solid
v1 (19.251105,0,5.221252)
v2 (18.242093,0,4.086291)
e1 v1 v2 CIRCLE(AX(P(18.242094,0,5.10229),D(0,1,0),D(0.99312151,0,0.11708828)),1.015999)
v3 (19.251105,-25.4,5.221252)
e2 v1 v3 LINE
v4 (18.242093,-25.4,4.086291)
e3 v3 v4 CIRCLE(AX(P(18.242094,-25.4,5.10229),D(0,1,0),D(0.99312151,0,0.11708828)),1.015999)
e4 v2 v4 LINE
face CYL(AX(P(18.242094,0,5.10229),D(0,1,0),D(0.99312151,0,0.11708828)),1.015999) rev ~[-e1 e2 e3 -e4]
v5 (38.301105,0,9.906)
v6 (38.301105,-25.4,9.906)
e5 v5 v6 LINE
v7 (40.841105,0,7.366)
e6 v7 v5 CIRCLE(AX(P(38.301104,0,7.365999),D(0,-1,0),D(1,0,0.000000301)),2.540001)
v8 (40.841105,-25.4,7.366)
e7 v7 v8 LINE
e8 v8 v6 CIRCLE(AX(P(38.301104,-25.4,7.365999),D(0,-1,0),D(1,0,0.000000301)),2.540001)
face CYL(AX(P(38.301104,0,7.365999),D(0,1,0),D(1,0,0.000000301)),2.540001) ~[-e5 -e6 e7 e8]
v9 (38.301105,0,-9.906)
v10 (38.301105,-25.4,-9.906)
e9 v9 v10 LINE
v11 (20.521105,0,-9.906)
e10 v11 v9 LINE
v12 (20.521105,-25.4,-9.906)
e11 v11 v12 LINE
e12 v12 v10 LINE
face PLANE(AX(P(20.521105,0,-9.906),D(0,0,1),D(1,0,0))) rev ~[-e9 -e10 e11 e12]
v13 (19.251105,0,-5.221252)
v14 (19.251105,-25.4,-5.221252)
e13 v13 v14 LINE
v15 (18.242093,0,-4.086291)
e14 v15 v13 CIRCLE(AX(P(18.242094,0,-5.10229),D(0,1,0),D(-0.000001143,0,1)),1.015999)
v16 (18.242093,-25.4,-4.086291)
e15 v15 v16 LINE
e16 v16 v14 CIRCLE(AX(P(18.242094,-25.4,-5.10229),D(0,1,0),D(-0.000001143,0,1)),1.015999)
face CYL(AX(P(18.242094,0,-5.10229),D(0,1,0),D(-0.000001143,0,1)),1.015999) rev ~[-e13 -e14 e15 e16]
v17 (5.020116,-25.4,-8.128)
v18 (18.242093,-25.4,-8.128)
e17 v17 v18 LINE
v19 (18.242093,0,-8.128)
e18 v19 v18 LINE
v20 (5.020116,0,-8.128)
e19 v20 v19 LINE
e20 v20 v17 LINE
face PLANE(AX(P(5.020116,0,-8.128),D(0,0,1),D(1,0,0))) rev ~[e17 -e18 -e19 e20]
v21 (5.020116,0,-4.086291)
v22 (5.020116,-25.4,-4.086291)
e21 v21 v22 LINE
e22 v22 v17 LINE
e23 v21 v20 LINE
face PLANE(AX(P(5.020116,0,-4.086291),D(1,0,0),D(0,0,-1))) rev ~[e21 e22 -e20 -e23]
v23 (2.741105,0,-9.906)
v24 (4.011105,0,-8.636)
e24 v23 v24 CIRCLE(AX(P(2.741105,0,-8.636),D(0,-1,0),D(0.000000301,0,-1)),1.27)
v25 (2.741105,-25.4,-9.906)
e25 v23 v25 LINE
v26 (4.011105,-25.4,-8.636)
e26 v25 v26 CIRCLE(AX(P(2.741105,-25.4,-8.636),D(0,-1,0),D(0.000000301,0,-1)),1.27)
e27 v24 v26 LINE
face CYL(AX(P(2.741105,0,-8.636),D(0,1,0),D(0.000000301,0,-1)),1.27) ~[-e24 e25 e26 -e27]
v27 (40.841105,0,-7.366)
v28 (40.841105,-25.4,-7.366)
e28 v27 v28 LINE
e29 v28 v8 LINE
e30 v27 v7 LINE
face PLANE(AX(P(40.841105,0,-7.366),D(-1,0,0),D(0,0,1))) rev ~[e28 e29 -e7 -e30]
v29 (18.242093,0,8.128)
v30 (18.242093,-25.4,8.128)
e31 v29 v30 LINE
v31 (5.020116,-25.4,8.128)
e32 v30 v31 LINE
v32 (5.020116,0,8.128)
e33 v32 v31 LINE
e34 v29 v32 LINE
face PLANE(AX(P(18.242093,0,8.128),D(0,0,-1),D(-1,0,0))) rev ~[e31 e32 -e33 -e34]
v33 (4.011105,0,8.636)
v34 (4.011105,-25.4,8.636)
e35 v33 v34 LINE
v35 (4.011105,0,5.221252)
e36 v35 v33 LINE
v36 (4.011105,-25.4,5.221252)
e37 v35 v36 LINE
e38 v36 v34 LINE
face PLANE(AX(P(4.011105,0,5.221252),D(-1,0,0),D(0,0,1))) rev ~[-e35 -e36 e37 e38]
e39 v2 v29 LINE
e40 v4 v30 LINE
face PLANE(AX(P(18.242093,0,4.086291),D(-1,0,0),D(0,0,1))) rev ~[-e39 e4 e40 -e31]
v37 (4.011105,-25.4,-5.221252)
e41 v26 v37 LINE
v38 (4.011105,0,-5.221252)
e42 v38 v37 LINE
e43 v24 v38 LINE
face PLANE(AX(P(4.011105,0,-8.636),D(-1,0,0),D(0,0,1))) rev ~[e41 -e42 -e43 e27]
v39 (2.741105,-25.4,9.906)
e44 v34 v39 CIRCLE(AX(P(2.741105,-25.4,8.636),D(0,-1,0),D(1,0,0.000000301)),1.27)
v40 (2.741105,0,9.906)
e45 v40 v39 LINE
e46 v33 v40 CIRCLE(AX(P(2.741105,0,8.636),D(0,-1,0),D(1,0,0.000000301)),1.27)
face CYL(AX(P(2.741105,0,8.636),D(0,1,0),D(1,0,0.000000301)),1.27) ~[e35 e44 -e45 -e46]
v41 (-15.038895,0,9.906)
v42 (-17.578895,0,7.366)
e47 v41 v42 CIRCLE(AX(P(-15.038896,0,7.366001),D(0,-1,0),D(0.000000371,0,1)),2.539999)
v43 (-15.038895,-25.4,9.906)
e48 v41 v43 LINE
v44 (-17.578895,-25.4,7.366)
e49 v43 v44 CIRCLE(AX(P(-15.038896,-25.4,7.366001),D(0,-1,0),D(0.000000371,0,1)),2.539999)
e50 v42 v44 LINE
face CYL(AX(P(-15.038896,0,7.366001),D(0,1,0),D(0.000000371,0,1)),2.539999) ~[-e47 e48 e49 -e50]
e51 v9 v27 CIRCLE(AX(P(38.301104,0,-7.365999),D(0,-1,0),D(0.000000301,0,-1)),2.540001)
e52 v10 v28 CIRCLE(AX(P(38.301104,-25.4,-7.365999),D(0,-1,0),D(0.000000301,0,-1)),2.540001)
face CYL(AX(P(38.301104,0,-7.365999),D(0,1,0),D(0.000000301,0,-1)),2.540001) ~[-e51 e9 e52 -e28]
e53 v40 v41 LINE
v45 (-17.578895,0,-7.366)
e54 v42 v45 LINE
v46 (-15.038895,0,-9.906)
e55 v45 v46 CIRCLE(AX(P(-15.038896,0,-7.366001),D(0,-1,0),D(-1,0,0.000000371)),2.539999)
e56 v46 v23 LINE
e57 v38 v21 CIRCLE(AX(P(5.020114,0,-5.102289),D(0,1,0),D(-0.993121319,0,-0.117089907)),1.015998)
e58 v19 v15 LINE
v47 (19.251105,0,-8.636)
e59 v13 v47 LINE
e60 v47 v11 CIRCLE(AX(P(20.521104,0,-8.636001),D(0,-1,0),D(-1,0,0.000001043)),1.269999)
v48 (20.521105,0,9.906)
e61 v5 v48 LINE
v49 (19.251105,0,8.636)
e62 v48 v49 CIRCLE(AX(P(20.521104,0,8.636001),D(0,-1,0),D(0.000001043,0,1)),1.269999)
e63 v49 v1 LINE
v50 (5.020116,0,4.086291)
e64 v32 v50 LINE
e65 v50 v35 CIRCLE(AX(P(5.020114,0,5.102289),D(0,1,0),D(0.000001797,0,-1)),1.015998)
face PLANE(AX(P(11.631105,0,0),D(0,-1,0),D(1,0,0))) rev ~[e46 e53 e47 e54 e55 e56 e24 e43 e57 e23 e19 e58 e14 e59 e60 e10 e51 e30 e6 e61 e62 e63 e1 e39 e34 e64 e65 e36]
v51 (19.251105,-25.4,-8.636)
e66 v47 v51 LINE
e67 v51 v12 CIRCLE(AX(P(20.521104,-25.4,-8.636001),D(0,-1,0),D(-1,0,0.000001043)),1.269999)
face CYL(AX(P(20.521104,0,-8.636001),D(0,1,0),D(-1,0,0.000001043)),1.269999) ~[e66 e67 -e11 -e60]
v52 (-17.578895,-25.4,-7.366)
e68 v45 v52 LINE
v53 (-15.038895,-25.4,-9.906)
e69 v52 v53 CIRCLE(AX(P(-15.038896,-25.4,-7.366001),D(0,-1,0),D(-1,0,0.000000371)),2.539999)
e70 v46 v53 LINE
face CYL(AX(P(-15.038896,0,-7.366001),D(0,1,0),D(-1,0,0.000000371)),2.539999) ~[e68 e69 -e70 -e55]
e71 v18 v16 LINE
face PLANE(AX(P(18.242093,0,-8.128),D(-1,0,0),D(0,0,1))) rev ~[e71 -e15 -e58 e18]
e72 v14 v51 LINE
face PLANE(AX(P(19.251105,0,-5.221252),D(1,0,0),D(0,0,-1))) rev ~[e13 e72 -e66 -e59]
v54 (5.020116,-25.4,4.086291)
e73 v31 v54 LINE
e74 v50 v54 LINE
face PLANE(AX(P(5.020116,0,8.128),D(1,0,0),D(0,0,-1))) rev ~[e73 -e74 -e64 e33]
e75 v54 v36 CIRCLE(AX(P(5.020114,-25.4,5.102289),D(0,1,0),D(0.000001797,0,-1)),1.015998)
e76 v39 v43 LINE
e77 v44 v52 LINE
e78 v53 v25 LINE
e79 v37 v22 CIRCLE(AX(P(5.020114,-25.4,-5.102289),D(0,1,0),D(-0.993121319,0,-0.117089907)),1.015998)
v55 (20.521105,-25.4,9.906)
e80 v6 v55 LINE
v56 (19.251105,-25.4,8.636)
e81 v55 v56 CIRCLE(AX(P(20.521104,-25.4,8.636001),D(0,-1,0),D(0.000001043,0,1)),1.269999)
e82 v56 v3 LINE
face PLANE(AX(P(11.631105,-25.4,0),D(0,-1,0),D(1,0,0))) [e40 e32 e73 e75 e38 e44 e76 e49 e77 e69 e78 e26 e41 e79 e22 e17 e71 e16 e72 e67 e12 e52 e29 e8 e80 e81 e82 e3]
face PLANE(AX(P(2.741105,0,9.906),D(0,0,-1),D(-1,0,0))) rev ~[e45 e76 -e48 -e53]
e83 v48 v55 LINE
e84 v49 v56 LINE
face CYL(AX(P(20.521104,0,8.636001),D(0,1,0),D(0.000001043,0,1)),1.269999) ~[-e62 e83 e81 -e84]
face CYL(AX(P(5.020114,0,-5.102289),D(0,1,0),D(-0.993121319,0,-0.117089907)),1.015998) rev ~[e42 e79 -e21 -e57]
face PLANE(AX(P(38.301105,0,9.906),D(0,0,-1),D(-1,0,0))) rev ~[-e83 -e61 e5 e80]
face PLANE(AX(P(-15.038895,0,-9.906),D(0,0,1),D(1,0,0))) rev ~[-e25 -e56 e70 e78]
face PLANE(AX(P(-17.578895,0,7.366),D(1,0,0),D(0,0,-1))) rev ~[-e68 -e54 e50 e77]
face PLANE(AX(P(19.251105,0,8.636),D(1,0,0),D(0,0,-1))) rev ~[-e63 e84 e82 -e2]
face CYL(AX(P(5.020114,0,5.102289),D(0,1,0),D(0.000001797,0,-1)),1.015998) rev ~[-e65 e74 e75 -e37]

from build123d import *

# Parameters (mm, degrees)
F1_DEPTH = 25.4


with BuildPart() as f1:
    # F0 (on Front) → F1 (new body)
    with BuildSketch(Plane.XZ):
        with BuildLine():
            Line((-17.578895, 7.366), (-17.578895, 0))
            Line((-17.578895, 0), (-17.578895, -7.366))
            ThreePointArc((-17.578895, -7.366), (-16.834947, -9.162051), (-15.038895, -9.906))
            Line((-15.038895, -9.906), (2.741105, -9.906))
            ThreePointArc((2.741105, -9.906), (3.63913, -9.534026), (4.011105, -8.636))
            Line((4.011105, -8.636), (4.011105, -5.221252))
            ThreePointArc((4.011105, -5.221252), (4.2608, -4.427238), (5.020116, -4.086291))
            Line((5.020116, -4.086291), (5.020116, -8.128))
            Line((5.020116, -8.128), (11.631105, -8.128))
            Line((11.631105, -8.128), (18.242093, -8.128))
            Line((18.242093, -8.128), (18.242093, -4.086291))
            ThreePointArc((18.242093, -4.086291), (19.001409, -4.427238), (19.251105, -5.221252))
            Line((19.251105, -5.221252), (19.251105, -8.636))
            ThreePointArc((19.251105, -8.636), (19.623079, -9.534026), (20.521105, -9.906))
            Line((20.521105, -9.906), (38.301105, -9.906))
            ThreePointArc((38.301105, -9.906), (40.097156, -9.162051), (40.841105, -7.366))
            Line((40.841105, -7.366), (40.841105, 0))
            Line((40.841105, 0), (40.841105, 7.366))
            ThreePointArc((40.841105, 7.366), (40.097156, 9.162051), (38.301105, 9.906))
            Line((38.301105, 9.906), (20.521105, 9.906))
            ThreePointArc((20.521105, 9.906), (19.623079, 9.534026), (19.251105, 8.636))
            Line((19.251105, 8.636), (19.251105, 5.221252))
            ThreePointArc((19.251105, 5.221252), (19.001409, 4.427238), (18.242093, 4.086291))
            Line((18.242093, 4.086291), (18.242093, 8.128))
            Line((18.242093, 8.128), (11.631105, 8.128))
            Line((11.631105, 8.128), (5.020116, 8.128))
            Line((5.020116, 8.128), (5.020116, 4.086291))
            ThreePointArc((5.020116, 4.086291), (4.2608, 4.427238), (4.011105, 5.221252))
            Line((4.011105, 5.221252), (4.011105, 8.636))
            ThreePointArc((4.011105, 8.636), (3.63913, 9.534026), (2.741105, 9.906))
            Line((2.741105, 9.906), (-15.038895, 9.906))
            ThreePointArc((-15.038895, 9.906), (-16.834947, 9.162051), (-17.578895, 7.366))
        make_face()
    extrude(amount=F1_DEPTH)


solid = f1.part
